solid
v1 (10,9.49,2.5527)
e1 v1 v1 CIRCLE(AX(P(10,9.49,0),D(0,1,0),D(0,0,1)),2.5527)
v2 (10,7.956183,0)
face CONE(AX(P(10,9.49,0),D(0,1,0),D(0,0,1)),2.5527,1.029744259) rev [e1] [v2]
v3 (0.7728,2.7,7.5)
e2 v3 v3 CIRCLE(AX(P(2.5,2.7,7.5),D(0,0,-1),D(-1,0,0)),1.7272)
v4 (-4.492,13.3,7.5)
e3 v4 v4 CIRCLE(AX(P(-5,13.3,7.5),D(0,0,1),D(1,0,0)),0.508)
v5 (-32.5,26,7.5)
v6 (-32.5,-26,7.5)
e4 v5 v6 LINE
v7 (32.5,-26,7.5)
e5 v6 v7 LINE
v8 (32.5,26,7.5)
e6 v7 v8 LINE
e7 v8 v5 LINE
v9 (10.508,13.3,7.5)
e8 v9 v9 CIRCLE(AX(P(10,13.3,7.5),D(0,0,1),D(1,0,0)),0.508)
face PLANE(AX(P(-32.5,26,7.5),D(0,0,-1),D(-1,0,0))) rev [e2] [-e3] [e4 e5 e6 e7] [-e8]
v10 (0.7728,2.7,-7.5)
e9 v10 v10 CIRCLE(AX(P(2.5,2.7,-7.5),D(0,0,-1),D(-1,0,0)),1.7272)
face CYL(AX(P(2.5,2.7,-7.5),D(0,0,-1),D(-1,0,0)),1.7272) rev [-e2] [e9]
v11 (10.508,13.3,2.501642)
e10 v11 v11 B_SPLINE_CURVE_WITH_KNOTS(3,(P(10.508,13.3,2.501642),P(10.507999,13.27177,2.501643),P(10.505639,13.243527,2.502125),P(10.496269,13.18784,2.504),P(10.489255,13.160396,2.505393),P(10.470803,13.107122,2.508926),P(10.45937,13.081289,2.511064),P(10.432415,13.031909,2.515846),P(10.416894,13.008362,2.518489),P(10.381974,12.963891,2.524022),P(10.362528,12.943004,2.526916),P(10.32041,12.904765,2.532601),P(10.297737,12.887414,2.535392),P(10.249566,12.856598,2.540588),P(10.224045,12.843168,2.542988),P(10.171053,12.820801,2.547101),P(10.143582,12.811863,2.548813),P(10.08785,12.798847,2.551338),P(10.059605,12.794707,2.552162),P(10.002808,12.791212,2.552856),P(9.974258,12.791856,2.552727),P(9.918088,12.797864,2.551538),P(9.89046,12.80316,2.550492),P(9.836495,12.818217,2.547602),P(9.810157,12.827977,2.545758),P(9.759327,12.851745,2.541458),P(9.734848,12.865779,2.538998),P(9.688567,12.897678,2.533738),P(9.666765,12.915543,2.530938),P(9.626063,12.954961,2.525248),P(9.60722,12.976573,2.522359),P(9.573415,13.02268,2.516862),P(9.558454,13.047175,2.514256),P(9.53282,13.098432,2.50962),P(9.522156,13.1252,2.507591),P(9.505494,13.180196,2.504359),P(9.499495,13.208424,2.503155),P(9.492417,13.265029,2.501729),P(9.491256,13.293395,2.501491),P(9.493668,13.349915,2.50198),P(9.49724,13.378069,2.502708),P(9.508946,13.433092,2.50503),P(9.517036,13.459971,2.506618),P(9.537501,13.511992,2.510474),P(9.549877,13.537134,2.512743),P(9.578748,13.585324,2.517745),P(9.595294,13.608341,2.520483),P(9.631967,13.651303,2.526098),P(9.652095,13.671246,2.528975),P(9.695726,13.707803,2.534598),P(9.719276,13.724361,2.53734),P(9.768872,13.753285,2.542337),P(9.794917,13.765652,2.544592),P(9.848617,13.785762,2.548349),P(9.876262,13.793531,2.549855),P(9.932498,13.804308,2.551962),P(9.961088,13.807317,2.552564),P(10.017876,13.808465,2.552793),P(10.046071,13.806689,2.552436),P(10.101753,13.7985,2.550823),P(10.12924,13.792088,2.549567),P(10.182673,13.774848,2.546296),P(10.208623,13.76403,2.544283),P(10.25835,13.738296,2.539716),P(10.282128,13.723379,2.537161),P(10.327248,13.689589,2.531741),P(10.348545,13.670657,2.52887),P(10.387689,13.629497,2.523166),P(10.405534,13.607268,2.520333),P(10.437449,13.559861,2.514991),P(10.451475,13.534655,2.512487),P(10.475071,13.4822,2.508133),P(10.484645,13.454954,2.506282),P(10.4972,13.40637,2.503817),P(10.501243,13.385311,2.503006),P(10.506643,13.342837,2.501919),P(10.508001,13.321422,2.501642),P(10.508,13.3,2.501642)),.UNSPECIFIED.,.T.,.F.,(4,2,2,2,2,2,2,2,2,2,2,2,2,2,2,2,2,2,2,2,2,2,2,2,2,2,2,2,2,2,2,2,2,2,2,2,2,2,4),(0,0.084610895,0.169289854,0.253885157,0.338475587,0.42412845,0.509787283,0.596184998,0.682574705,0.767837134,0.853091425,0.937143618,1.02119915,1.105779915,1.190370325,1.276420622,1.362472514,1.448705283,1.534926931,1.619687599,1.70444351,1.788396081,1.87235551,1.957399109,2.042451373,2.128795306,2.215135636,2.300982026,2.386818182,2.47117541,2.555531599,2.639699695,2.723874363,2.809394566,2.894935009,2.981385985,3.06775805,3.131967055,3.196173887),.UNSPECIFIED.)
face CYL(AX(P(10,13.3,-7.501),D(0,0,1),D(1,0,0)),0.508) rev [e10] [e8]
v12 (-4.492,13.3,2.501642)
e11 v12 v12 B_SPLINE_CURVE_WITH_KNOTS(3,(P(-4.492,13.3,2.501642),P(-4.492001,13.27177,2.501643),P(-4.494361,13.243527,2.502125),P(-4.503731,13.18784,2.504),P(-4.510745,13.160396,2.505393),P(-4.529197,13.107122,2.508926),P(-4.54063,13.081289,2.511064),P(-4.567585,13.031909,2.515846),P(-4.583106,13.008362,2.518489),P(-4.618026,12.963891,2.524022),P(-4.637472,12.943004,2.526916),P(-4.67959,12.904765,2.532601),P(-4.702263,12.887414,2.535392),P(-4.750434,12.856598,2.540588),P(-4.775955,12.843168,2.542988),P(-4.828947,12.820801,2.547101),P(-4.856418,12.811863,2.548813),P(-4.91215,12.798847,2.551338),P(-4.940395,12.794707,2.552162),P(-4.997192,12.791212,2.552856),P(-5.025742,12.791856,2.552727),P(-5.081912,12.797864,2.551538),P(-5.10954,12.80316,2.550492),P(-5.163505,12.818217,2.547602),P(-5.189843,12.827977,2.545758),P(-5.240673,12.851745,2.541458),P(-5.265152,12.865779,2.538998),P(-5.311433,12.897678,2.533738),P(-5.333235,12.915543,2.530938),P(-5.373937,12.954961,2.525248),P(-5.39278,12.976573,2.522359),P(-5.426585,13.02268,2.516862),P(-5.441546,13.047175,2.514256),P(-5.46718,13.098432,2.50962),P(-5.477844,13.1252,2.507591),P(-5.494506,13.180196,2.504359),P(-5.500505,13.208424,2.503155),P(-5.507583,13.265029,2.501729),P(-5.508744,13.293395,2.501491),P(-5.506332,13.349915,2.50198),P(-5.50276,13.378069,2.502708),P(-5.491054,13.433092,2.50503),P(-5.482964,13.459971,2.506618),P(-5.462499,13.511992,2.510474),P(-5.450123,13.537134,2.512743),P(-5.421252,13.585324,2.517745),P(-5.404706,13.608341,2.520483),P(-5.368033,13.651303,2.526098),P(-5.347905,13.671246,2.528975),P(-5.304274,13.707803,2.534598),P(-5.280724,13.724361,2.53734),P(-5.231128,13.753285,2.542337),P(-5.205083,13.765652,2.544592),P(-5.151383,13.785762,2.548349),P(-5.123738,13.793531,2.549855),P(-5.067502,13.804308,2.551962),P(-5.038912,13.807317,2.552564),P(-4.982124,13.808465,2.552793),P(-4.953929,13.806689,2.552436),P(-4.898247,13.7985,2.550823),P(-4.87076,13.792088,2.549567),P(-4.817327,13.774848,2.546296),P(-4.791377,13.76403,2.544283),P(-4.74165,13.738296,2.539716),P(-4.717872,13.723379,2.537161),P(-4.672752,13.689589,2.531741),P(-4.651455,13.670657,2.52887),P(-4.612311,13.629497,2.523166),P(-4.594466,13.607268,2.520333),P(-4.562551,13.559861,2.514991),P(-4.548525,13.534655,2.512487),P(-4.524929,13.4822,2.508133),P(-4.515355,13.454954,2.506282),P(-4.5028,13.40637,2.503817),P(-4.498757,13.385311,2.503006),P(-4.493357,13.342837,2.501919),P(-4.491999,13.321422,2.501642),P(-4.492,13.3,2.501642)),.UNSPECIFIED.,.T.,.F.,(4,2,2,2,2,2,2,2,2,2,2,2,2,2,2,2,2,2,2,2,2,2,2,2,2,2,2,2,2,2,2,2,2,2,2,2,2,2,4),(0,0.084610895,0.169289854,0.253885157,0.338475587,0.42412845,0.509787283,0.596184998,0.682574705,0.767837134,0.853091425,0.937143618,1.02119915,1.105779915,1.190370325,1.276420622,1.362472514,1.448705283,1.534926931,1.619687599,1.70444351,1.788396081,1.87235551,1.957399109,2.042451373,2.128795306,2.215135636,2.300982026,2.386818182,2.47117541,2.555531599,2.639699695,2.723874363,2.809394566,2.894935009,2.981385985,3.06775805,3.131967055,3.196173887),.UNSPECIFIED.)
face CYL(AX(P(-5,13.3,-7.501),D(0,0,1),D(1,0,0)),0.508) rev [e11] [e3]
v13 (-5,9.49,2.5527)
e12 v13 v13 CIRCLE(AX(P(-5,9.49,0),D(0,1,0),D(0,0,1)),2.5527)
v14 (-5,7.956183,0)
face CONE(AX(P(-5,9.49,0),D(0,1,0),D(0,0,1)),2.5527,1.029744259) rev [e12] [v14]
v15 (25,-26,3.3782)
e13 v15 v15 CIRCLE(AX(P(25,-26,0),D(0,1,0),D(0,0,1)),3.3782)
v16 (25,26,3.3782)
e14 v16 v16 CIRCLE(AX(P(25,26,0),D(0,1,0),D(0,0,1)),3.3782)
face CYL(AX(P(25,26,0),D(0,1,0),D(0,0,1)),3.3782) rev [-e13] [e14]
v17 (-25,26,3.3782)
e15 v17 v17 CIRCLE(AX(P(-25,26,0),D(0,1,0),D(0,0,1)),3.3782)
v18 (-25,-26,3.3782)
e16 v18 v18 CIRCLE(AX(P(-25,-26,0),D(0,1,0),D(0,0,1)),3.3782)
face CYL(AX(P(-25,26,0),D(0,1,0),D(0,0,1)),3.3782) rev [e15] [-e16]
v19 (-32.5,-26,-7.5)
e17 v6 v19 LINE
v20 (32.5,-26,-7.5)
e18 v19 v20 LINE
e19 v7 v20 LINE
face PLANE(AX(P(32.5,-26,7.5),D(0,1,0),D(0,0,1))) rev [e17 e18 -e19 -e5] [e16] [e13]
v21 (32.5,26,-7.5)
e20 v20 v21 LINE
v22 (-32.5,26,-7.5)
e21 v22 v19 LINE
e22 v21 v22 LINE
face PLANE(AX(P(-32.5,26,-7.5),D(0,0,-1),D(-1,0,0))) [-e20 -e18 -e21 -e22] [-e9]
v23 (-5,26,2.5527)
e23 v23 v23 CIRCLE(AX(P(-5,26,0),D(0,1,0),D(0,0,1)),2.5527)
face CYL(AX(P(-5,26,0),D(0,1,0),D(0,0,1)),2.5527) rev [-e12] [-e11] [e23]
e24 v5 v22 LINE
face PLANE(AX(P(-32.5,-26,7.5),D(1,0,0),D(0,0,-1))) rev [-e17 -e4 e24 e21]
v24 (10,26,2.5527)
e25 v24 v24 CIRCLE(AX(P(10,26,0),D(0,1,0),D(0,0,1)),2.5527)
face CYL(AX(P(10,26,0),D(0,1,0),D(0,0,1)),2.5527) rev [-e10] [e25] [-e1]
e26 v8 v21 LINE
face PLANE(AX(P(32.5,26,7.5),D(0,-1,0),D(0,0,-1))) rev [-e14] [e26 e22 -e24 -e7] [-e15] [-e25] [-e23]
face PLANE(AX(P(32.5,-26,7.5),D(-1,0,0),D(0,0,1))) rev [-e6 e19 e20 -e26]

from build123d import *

# Parameters (mm, degrees)
SKETCH1_W                   = 65
SKETCH1_H                   = 52
BASE_EXTRUDE_DEPTH          = 7.5
F_1_4_20_TAPPED_HOLE1_D     = 5.1054
F_1_4_20_TAPPED_HOLE1_DEPTH = 16.51
F_1_4_20_TAPPED_HOLE1_TIP   = 1.533816902
F_1_4_CLEARANCE_HOLE1_D     = 6.7564
F_8_32_TAPPED_HOLE1_D       = 3.4544
CUT_EXTRUDE1_REACH          = 17
SKETCH8_R                   = 0.508


with BuildPart() as part:
    # Sketch1 → Base-Extrude (new body, symmetric)
    with BuildSketch(Plane.XY):
        Rectangle(SKETCH1_W, SKETCH1_H)
    extrude(amount=BASE_EXTRUDE_DEPTH, both=True)

    # 1/4-20 Tapped Hole1
    with Locations(Plane(origin=(0, 26, 0), x_dir=(-1, 0, 0), z_dir=(0, 1, 0))):
        with Locations((5, 0), (-10, 0)):
            Hole(F_1_4_20_TAPPED_HOLE1_D / 2, depth=F_1_4_20_TAPPED_HOLE1_DEPTH)
            with Locations((0, 0, -(F_1_4_20_TAPPED_HOLE1_DEPTH + F_1_4_20_TAPPED_HOLE1_TIP / 2))):  # 118° drill point
                Cone(0, F_1_4_20_TAPPED_HOLE1_D / 2, F_1_4_20_TAPPED_HOLE1_TIP, mode=Mode.SUBTRACT)

    # 1/4 Clearance Hole1 (through all)
    with Locations(Plane(origin=(0, 26, 0), x_dir=(-1, 0, 0), z_dir=(0, 1, 0))):
        with Locations((-25, 0), (25, 0)):
            Hole(F_1_4_CLEARANCE_HOLE1_D / 2)

    # #8-32 Tapped Hole1 (through all)
    with Locations(Plane(origin=(0, 0, -7.5), x_dir=(-1, 0, 0), z_dir=(0, 0, -1))):
        with Locations((-2.5, 2.7)):
            Hole(F_8_32_TAPPED_HOLE1_D / 2)

    # Sketch8 → Cut-Extrude1 (cut, up to next)
    with BuildSketch(Plane.XY.offset(7.5), mode=Mode.PRIVATE) as cut_extrude1_sk1:
        with Locations((10, 13.3)):
            Circle(SKETCH8_R)
    cut_extrude1_tool1 = extrude(cut_extrude1_sk1.sketch, amount=-CUT_EXTRUDE1_REACH, mode=Mode.PRIVATE) & part.part
    add(cut_extrude1_tool1.solids().sort_by_distance((10, 13.3, 7.5))[0], mode=Mode.SUBTRACT)
    # Sketch8 → Cut-Extrude1 (cut, up to next)
    with BuildSketch(Plane.XY.offset(7.5), mode=Mode.PRIVATE) as cut_extrude1_sk2:
        with Locations((-5, 13.3)):
            Circle(SKETCH8_R)
    cut_extrude1_tool2 = extrude(cut_extrude1_sk2.sketch, amount=-CUT_EXTRUDE1_REACH, mode=Mode.PRIVATE) & part.part
    add(cut_extrude1_tool2.solids().sort_by_distance((-5, 13.3, 7.5))[0], mode=Mode.SUBTRACT)


solid = part.part
